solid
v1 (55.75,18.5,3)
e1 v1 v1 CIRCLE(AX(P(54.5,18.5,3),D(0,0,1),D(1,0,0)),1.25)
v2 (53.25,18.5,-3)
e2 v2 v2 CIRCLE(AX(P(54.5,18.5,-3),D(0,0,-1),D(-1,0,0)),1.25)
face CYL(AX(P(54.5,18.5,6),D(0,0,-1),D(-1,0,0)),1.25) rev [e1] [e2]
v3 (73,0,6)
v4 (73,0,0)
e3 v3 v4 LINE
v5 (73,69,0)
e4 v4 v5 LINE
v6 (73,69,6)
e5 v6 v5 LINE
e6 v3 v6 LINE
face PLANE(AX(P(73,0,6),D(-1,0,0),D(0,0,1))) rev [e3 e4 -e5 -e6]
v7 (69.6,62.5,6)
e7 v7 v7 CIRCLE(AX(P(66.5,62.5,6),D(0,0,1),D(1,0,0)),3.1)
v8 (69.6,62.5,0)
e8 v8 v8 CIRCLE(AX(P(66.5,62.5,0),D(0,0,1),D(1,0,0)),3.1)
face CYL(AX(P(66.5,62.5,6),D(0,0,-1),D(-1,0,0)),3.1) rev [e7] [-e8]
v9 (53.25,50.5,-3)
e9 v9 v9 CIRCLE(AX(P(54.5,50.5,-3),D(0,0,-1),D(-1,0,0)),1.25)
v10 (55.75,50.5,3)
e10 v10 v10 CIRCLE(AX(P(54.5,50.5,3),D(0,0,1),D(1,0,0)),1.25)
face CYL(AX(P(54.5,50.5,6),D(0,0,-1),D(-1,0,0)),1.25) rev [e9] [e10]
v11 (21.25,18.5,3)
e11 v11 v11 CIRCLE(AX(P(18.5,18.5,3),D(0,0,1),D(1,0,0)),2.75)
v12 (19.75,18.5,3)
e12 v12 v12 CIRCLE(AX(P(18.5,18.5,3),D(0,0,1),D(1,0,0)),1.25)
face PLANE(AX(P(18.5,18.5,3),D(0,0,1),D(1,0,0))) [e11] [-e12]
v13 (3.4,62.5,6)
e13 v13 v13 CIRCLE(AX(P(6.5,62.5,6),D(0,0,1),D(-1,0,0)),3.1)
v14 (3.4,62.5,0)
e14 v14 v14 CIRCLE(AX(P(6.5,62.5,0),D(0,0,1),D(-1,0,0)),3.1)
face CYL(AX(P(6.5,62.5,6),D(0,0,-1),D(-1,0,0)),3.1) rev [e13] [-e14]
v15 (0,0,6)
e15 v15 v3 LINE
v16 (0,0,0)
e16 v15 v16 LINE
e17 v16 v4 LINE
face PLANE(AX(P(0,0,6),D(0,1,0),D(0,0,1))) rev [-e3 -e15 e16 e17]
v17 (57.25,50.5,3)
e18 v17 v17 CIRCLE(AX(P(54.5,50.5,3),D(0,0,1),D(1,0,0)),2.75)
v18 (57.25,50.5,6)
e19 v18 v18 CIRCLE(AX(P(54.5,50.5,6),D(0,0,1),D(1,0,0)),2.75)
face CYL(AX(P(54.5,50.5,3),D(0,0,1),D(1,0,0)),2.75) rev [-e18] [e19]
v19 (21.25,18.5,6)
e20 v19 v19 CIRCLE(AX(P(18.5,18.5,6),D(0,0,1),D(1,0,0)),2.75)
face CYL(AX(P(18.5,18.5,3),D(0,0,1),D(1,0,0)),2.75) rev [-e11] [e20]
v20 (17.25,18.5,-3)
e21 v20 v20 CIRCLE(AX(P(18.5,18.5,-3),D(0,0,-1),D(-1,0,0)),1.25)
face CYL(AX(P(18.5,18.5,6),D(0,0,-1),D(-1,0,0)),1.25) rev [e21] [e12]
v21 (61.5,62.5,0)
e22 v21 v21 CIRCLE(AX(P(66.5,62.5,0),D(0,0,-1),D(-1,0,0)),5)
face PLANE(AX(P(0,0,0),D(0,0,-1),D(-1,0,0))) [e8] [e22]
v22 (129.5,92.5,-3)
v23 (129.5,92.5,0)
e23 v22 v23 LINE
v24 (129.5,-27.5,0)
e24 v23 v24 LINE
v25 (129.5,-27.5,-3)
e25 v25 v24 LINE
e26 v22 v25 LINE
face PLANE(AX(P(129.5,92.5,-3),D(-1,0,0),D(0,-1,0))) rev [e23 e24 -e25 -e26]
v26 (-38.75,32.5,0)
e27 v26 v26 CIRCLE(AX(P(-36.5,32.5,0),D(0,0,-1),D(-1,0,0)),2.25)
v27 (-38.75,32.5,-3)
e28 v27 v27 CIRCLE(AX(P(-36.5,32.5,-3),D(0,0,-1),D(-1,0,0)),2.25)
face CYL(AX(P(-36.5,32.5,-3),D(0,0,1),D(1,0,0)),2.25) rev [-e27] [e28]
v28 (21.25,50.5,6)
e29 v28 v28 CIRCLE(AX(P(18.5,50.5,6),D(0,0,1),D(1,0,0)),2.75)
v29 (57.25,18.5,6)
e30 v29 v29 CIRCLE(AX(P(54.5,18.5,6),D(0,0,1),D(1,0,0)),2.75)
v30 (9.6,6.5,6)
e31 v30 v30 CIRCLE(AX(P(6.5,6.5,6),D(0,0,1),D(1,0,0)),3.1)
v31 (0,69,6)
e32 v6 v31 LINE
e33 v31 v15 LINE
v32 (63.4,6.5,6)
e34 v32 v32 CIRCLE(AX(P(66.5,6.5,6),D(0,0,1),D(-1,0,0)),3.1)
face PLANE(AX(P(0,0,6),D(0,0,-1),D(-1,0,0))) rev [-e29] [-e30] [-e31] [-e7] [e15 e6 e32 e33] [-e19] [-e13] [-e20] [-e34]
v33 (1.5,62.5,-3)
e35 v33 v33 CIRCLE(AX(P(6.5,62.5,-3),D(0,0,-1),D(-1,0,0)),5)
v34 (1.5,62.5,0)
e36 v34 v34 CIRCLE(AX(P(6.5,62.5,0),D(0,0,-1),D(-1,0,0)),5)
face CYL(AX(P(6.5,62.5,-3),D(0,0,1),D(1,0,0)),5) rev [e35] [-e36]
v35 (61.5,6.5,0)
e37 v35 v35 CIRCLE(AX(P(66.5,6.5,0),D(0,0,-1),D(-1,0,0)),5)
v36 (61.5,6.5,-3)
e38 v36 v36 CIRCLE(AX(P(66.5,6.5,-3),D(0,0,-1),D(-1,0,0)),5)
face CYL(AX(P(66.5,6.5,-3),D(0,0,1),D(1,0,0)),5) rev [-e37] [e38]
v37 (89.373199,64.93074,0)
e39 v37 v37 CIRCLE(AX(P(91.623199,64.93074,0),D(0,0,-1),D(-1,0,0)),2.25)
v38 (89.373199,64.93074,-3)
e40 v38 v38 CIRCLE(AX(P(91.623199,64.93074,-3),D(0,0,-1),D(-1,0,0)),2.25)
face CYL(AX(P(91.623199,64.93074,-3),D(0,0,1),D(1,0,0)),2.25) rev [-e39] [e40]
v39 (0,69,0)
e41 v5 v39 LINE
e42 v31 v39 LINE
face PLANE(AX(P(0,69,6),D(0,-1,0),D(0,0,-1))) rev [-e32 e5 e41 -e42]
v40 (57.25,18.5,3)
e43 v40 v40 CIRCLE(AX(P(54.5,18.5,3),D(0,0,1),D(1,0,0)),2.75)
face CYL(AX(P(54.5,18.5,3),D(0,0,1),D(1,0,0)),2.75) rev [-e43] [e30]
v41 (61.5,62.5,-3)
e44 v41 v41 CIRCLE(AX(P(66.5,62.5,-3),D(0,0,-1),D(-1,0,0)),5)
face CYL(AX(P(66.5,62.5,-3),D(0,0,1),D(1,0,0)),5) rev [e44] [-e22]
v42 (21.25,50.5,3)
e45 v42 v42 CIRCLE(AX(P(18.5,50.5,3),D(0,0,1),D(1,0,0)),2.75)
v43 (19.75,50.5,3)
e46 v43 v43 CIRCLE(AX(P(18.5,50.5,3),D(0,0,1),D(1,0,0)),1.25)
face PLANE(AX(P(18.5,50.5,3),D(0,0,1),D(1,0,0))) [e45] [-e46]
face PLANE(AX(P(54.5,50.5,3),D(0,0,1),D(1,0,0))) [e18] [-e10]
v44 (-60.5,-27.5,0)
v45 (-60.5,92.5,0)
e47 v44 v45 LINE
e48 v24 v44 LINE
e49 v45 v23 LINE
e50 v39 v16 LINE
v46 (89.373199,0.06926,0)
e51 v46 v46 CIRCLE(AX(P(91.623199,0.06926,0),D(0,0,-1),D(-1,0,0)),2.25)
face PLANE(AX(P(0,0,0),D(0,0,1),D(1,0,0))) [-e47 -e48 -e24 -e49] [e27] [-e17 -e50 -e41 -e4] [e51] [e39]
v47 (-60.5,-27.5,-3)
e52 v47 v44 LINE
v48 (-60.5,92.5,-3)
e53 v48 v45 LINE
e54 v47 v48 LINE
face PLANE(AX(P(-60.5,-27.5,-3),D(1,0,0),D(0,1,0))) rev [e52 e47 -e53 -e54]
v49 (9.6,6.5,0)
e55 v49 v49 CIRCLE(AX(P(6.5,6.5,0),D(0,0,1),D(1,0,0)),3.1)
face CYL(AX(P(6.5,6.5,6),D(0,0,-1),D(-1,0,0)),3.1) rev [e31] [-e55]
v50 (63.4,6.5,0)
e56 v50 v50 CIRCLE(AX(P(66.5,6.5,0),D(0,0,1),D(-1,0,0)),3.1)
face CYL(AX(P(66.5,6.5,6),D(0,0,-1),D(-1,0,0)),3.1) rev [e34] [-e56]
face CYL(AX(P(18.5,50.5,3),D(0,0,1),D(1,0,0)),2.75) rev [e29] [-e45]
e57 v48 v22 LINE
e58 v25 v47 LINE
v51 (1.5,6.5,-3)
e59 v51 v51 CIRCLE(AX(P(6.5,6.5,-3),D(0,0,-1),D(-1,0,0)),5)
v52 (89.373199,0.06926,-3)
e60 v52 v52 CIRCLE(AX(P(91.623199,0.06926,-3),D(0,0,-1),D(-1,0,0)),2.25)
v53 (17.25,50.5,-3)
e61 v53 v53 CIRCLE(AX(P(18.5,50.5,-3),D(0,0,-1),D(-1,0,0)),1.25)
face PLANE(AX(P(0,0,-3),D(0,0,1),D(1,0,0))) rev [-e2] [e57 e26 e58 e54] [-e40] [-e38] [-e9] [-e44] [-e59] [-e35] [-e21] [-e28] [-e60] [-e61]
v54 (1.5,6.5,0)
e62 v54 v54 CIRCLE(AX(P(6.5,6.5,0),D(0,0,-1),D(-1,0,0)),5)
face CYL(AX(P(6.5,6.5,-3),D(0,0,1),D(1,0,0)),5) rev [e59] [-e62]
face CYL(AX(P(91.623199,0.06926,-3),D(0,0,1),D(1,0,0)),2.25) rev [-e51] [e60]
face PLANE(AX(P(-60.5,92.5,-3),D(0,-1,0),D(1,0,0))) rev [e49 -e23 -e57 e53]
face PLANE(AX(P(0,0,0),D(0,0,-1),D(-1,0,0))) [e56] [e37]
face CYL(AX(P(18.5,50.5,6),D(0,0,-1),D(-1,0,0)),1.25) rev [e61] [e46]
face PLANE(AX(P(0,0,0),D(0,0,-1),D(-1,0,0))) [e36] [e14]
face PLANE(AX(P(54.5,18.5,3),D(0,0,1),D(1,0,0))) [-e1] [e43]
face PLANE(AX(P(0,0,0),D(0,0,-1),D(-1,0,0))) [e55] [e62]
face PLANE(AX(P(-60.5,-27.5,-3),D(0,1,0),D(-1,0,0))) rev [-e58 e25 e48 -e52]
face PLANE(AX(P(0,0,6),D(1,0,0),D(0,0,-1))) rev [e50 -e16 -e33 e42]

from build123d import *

# Parameters (mm, degrees)
CROQUIS1_W              = 73
CROQUIS1_H              = 69
CROQUIS1_R              = 3.1
CROQUIS1_R_2            = 1.25
SALIENTE_EXTRUIR1_DEPTH = 6
CROQUIS3_W              = 190
CROQUIS3_H              = 120
CROQUIS3_R              = 2.25
CROQUIS3_R_2            = 5
CROQUIS3_R_3            = 1.25
SALIENTE_EXTRUIR2_DEPTH = 3
CROQUIS5_R              = 2.75
CORTAR_EXTRUIR1_DEPTH   = 3


with BuildPart() as part:
    # Croquis1 → Saliente-Extruir1 (new body)
    with BuildSketch(Plane.XY):
        with Locations((36.5, 34.5)):
            Rectangle(CROQUIS1_W, CROQUIS1_H)
        with Locations((6.5, 6.5)):
            Circle(CROQUIS1_R, mode=Mode.SUBTRACT)
        with Locations((66.5, 6.5)):
            Circle(CROQUIS1_R, mode=Mode.SUBTRACT)
        with Locations((66.5, 62.5)):
            Circle(CROQUIS1_R, mode=Mode.SUBTRACT)
        with Locations((6.5, 62.5)):
            Circle(CROQUIS1_R, mode=Mode.SUBTRACT)
        with Locations((18.5, 50.5)):
            Circle(CROQUIS1_R_2, mode=Mode.SUBTRACT)
        with Locations((54.5, 50.5)):
            Circle(CROQUIS1_R_2, mode=Mode.SUBTRACT)
        with Locations((54.5, 18.5)):
            Circle(CROQUIS1_R_2, mode=Mode.SUBTRACT)
        with Locations((18.5, 18.5)):
            Circle(CROQUIS1_R_2, mode=Mode.SUBTRACT)
    extrude(amount=SALIENTE_EXTRUIR1_DEPTH)

    # Croquis3 → Saliente-Extruir2 (add)
    with BuildSketch(Plane(origin=(0, 0, 0), x_dir=(-1, 0, 0), z_dir=(0, 0, -1))):
        with Locations((-34.5, 32.5)):
            Rectangle(CROQUIS3_W, CROQUIS3_H)
        with Locations((36.5, 32.5)):
            Circle(CROQUIS3_R, mode=Mode.SUBTRACT)
        with Locations((-91.623199077, 0.069259856)):
            Circle(CROQUIS3_R, mode=Mode.SUBTRACT)
        with Locations((-91.623199077, 64.930740144)):
            Circle(CROQUIS3_R, mode=Mode.SUBTRACT)
        with Locations((-66.5, 62.5)):
            Circle(CROQUIS3_R_2, mode=Mode.SUBTRACT)
        with Locations((-6.5, 62.5)):
            Circle(CROQUIS3_R_2, mode=Mode.SUBTRACT)
        with Locations((-6.5, 6.5)):
            Circle(CROQUIS3_R_2, mode=Mode.SUBTRACT)
        with Locations((-66.5, 6.5)):
            Circle(CROQUIS3_R_2, mode=Mode.SUBTRACT)
        with Locations((-54.5, 50.5)):
            Circle(CROQUIS3_R_3, mode=Mode.SUBTRACT)
        with Locations((-18.5, 50.5)):
            Circle(CROQUIS3_R_3, mode=Mode.SUBTRACT)
        with Locations((-18.5, 18.5)):
            Circle(CROQUIS3_R_3, mode=Mode.SUBTRACT)
        with Locations((-54.5, 18.5)):
            Circle(CROQUIS3_R_3, mode=Mode.SUBTRACT)
    extrude(amount=SALIENTE_EXTRUIR2_DEPTH)

    # Croquis5 → Cortar-Extruir1 (cut)
    with BuildSketch(Plane.XY.offset(6)):
        with Locations((18.5, 50.5)):
            Circle(CROQUIS5_R)
        with Locations((54.5, 50.5)):
            Circle(CROQUIS5_R)
        with Locations((54.5, 18.5)):
            Circle(CROQUIS5_R)
        with Locations((18.5, 18.5)):
            Circle(CROQUIS5_R)
    extrude(amount=-CORTAR_EXTRUIR1_DEPTH, mode=Mode.SUBTRACT)


solid = part.part
